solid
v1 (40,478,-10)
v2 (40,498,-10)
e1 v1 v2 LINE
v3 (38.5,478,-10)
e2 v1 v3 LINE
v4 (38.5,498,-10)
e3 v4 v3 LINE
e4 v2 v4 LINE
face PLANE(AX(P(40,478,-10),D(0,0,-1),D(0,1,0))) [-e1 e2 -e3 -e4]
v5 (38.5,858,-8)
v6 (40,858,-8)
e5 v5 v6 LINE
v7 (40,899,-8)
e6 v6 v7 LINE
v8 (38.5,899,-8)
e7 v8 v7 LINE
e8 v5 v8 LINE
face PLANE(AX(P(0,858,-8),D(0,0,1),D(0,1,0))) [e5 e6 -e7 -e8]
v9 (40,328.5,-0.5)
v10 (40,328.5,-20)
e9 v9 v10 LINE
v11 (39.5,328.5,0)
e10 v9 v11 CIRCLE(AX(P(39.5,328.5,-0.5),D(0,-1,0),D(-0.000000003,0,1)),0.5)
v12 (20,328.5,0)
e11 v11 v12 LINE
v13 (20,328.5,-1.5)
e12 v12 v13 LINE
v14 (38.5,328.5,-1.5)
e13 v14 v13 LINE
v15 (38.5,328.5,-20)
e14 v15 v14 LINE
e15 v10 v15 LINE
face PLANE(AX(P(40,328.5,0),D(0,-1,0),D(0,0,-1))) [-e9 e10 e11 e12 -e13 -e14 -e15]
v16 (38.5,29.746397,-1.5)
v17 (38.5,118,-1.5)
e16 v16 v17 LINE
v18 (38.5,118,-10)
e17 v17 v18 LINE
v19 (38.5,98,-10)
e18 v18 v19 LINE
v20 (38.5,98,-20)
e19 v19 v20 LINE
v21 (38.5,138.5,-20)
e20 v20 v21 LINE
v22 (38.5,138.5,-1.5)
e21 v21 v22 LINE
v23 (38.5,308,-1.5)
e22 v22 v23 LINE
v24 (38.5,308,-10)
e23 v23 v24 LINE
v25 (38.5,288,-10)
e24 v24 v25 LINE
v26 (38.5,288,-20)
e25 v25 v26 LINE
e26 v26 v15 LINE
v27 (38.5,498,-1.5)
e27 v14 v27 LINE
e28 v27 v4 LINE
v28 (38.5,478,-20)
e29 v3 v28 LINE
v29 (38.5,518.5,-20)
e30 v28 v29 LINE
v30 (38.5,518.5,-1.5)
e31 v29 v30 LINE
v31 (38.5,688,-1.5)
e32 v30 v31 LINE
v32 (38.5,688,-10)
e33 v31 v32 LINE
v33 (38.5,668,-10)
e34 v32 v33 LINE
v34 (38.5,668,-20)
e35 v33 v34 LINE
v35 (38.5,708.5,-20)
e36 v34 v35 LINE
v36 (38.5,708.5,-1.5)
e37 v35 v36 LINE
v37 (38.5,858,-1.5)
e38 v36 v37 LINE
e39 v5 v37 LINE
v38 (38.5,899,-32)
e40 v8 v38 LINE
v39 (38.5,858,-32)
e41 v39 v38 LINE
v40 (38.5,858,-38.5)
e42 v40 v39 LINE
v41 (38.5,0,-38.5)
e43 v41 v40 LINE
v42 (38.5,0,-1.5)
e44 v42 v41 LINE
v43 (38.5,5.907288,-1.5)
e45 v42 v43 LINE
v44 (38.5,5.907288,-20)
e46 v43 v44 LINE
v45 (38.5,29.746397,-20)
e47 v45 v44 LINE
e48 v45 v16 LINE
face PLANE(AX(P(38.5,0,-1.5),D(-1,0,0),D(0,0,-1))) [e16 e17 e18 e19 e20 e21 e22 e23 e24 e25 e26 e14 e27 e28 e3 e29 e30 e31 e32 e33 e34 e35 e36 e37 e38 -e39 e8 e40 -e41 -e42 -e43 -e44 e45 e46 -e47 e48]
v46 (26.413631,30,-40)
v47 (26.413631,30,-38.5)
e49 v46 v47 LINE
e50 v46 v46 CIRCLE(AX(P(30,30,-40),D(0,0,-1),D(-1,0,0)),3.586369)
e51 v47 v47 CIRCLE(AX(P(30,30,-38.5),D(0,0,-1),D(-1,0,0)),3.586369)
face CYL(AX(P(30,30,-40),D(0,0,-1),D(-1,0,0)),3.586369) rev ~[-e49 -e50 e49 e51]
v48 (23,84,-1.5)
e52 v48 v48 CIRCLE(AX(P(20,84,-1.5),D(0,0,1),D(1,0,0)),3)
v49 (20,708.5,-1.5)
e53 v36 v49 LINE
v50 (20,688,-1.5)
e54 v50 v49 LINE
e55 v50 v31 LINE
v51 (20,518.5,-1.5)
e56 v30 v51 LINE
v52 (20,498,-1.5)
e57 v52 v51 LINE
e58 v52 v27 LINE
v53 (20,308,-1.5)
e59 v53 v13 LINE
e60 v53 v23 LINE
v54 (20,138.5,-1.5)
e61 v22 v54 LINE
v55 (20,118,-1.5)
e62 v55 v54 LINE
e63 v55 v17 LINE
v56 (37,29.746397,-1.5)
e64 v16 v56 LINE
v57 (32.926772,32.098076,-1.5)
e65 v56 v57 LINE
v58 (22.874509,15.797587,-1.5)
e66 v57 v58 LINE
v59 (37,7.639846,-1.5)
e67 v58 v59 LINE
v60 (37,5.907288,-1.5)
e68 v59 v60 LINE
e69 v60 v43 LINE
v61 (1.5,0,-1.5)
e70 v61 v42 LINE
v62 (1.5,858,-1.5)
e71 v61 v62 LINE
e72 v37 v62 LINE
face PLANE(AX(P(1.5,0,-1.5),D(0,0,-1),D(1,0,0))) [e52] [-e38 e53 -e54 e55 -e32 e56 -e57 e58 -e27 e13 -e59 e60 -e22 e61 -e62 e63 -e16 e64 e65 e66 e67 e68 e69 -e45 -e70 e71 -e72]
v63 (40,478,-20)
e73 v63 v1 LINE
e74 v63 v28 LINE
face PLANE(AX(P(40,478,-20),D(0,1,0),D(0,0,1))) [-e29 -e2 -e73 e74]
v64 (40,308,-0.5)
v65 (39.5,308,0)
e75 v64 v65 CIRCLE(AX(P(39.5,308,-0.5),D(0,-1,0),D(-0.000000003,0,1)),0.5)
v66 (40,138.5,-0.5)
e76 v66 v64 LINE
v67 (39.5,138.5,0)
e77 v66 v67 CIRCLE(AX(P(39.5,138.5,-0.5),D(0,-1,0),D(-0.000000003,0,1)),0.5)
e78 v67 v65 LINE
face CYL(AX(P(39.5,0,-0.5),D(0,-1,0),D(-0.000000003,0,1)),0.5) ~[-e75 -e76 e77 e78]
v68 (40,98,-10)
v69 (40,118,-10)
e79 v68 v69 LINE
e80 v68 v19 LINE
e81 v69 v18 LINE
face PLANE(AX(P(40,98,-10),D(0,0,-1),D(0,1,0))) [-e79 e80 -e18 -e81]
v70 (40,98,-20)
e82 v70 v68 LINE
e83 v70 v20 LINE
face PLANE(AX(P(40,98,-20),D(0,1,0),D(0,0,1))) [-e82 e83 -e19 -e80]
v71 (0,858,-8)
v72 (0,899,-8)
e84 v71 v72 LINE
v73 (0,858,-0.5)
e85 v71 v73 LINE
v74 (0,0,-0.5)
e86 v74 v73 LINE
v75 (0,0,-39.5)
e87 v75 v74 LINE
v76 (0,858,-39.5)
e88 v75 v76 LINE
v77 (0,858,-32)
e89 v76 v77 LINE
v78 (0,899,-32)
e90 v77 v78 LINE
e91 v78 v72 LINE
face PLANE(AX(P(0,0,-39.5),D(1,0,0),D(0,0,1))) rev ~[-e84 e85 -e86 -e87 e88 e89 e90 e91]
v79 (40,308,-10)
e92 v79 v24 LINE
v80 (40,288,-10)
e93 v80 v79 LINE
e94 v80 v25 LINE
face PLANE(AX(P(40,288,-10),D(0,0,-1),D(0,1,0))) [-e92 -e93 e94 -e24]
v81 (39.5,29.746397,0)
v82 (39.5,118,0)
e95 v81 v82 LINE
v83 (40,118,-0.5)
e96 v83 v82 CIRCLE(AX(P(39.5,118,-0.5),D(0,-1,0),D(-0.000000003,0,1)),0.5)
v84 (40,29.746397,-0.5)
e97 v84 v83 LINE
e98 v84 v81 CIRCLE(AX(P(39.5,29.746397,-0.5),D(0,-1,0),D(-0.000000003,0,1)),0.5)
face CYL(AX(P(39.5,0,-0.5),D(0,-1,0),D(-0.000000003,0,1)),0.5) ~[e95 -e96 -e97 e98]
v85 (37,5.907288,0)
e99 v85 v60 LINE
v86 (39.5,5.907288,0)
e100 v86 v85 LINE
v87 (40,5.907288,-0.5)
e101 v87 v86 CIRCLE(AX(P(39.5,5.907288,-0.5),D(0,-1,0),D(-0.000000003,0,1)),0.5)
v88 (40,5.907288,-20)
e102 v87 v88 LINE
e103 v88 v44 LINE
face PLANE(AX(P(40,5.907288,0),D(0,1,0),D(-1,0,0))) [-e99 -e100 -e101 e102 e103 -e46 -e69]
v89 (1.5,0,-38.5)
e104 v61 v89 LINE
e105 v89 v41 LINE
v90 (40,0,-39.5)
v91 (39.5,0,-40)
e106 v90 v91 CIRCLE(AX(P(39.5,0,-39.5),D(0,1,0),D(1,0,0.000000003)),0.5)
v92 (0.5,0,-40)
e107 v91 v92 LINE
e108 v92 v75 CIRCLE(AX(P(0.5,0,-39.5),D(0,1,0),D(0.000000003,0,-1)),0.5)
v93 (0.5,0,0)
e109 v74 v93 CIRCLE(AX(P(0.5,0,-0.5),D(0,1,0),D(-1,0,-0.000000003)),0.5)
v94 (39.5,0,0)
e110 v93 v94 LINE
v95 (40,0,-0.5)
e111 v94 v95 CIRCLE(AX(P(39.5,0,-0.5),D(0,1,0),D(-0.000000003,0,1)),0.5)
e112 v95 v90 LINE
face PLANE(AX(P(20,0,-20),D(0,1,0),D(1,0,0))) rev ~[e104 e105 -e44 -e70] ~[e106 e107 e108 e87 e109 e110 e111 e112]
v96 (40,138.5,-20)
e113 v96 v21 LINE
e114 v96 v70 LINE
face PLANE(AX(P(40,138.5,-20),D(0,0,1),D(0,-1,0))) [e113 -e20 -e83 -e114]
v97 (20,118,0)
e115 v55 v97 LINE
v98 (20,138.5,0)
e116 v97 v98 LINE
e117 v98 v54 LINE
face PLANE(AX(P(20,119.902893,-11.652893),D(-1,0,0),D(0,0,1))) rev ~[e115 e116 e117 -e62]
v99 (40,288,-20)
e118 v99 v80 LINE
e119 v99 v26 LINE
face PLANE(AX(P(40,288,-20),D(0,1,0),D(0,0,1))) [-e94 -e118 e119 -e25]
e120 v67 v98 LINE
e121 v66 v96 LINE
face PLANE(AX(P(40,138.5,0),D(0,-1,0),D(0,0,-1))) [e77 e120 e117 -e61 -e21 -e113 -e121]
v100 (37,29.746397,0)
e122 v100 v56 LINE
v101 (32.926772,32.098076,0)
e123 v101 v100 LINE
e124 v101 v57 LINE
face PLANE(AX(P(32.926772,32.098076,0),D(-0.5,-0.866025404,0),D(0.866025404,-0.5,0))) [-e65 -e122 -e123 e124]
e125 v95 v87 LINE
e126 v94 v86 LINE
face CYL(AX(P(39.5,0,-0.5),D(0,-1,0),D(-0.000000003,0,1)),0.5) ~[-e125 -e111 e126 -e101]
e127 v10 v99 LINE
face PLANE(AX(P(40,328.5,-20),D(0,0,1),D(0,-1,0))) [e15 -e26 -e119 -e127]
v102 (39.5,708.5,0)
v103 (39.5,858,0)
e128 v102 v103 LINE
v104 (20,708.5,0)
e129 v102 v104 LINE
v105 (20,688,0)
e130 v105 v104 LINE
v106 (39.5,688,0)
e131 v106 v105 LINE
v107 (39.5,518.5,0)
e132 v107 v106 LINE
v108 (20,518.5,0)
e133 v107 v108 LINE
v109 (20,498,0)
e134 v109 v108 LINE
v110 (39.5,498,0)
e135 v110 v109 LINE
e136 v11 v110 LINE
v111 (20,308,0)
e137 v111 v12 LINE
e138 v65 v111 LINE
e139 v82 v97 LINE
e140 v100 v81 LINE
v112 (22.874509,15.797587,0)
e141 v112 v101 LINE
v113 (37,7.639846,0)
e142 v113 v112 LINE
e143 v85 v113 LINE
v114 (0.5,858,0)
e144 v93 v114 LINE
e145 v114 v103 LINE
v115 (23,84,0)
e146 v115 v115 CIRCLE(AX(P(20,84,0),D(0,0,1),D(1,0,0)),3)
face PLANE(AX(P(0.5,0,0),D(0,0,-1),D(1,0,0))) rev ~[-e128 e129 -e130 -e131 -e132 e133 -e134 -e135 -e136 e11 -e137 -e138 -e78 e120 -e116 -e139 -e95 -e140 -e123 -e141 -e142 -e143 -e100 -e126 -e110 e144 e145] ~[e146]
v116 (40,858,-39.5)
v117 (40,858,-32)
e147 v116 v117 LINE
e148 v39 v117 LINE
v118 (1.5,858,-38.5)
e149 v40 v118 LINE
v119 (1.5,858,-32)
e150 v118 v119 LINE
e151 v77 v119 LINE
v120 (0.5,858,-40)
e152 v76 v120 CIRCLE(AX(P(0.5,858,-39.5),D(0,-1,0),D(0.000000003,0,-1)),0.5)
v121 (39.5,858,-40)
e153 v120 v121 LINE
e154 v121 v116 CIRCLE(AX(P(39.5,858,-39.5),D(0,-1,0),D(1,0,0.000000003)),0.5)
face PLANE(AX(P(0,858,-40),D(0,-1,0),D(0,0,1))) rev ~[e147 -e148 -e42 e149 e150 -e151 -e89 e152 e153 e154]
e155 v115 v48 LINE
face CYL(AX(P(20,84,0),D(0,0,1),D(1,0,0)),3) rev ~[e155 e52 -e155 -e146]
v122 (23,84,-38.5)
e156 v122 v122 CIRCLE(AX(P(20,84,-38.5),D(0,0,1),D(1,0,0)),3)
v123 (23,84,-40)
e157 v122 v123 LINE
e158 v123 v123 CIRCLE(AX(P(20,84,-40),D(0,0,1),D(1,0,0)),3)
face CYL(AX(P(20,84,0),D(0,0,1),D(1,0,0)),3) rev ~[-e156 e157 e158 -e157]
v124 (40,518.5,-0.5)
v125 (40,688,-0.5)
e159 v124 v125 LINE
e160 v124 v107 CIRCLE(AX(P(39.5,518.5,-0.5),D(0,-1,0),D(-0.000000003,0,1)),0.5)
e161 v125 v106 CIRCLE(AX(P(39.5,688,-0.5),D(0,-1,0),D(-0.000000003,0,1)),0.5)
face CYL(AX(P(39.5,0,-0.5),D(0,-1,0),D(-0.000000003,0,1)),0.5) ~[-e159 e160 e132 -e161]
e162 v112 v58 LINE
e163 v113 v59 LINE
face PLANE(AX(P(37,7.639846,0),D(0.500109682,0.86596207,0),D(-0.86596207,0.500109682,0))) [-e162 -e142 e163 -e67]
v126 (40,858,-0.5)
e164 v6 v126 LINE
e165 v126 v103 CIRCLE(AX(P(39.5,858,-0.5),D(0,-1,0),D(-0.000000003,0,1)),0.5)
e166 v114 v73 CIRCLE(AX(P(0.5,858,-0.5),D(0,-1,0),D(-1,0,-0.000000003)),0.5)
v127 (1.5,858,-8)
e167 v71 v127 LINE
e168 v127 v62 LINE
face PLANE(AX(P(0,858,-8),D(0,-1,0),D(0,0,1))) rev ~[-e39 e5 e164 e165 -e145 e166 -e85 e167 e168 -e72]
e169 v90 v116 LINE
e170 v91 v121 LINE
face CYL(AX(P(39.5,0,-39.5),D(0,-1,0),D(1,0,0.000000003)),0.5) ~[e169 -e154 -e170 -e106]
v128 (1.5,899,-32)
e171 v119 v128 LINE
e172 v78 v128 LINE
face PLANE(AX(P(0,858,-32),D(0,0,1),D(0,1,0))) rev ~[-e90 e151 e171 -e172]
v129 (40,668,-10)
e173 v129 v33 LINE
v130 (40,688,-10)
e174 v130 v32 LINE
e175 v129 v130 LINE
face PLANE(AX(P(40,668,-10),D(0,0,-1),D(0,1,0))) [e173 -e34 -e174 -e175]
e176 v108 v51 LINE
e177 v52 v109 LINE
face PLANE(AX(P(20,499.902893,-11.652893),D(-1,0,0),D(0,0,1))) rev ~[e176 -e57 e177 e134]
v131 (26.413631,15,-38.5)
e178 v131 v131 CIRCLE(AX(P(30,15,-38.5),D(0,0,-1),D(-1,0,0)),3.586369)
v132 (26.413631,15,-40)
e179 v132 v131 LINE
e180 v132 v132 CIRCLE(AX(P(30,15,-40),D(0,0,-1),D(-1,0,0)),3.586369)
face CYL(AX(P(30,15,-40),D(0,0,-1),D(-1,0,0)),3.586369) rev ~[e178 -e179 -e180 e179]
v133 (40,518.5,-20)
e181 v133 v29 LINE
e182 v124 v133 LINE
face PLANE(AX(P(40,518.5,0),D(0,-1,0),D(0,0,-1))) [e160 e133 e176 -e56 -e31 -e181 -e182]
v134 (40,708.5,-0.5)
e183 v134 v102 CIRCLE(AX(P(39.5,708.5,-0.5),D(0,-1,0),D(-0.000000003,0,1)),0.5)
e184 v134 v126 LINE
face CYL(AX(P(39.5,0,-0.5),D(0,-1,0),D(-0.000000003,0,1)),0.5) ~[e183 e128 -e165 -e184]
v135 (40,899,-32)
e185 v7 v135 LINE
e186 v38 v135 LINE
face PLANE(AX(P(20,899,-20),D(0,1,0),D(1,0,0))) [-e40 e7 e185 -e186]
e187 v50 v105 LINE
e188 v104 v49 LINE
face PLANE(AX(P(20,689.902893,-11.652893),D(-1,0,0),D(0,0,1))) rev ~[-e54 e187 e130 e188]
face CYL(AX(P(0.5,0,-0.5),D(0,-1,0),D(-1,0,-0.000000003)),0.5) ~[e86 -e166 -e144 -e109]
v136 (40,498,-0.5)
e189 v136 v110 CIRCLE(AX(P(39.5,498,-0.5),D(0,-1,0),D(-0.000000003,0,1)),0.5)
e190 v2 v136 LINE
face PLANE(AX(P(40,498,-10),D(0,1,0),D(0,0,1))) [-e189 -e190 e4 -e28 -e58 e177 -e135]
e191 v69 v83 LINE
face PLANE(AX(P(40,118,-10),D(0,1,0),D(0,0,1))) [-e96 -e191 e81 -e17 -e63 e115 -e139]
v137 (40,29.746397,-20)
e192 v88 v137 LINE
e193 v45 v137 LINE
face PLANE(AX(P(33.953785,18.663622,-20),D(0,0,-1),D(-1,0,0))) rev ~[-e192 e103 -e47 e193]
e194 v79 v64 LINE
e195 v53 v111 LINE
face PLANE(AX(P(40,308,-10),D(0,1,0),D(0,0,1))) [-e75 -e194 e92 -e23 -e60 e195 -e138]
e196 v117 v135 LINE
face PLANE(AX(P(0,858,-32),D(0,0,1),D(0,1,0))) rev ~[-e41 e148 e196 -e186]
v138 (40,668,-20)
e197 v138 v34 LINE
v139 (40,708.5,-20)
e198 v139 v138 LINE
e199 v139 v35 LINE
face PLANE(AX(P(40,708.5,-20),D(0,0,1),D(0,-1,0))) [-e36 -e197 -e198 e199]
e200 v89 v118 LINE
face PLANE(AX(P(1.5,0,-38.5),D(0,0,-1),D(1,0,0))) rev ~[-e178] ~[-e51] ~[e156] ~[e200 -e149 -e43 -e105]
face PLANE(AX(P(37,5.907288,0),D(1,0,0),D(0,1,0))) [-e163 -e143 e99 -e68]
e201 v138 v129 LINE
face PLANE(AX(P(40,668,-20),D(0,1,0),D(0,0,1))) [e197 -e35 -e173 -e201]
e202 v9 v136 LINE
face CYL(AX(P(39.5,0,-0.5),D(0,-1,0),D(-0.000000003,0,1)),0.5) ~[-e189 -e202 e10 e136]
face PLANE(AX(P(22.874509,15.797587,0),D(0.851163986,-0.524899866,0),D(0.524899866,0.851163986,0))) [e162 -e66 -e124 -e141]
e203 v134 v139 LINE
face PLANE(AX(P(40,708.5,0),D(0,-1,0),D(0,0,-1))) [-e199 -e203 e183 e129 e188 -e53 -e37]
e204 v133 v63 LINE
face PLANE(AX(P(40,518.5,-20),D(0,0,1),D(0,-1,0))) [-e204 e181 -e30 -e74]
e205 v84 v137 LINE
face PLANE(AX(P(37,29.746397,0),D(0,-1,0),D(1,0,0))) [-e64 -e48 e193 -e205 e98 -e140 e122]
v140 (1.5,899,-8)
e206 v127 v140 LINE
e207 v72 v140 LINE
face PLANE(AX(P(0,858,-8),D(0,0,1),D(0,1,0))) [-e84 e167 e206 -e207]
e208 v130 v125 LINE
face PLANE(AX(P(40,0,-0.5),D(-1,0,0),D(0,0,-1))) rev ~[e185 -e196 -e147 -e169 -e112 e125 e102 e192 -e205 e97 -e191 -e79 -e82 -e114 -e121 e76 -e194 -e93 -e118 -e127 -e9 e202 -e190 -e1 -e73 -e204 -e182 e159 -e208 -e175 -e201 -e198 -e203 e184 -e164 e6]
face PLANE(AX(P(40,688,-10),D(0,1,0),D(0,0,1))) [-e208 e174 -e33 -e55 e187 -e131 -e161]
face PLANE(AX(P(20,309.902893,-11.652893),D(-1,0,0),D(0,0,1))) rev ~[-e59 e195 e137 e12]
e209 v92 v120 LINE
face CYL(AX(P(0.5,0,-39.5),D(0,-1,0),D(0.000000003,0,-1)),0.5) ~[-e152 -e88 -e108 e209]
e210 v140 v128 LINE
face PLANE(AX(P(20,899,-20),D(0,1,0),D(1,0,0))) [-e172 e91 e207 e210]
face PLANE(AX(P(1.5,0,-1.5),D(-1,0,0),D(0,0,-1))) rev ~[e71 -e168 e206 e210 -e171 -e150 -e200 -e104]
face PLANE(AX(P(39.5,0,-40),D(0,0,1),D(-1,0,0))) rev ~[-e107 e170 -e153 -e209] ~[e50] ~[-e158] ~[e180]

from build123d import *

# Parameters (mm, degrees)
SKETCH1_W           = 37
SKETCH1_H           = 37
BOSS_EXTRUDE1_DEPTH = 899
CUT_EXTRUDE2_DEPTH  = 20
SKETCH4_W           = 8
SKETCH4_H           = 41
CUT_EXTRUDE3_DEPTH  = 901.777997067
SKETCH5_R           = 3.58636949
CUT_EXTRUDE4_DEPTH  = 10
CUT_EXTRUDE5_DEPTH  = 20
SKETCH7_R           = 3
CUT_EXTRUDE6_DEPTH  = 901.777997067


with BuildPart() as part:
    # Sketch1 → Boss-Extrude1 (new body)
    with BuildSketch(Plane(origin=(0, 0, 0), x_dir=(1, 0, 0), z_dir=(0, 1, 0))):
        with BuildLine():
            Line((0.5, 0), (39.5, 0))
            ThreePointArc((39.5, 0), (39.853553391, 0.146446609), (40, 0.5))
            Line((40, 0.5), (40, 39.5))
            ThreePointArc((40, 39.5), (39.853553391, 39.853553391), (39.5, 40))
            Line((39.5, 40), (0.5, 40))
            ThreePointArc((0.5, 40), (0.146446609, 39.853553391), (0, 39.5))
            Line((0, 39.5), (0, 0.5))
            ThreePointArc((0, 0.5), (0.146446609, 0.146446609), (0.5, 0))
        make_face()
        with Locations((20, 20)):
            Rectangle(SKETCH1_W, SKETCH1_H, mode=Mode.SUBTRACT)
    extrude(amount=BOSS_EXTRUDE1_DEPTH)

    # Sketch3 → Cut-Extrude2 (cut)
    with BuildSketch(Plane.XY):
        Polygon((40, 5.907288086), (37, 5.907288086), (37, 7.639845548), (22.874509033, 15.797587142), (32.926772366, 32.098076211), (37, 29.74639714), (40, 29.74639714), (40, 28.014346333), align=None)
    extrude(amount=-CUT_EXTRUDE2_DEPTH, mode=Mode.SUBTRACT)

    # Sketch4 → Cut-Extrude3 (cut, through all)
    with BuildSketch(Plane.ZY):
        with Locations((-4, 878.5)):
            Rectangle(SKETCH4_W, SKETCH4_H)
        with Locations((-36, 878.5)):
            Rectangle(SKETCH4_W, SKETCH4_H)
    extrude(amount=-CUT_EXTRUDE3_DEPTH, mode=Mode.SUBTRACT)

    # Sketch5 → Cut-Extrude4 (cut)
    with BuildSketch(Plane(origin=(0, 0, -40), x_dir=(-1, 0, 0), z_dir=(0, 0, -1))):
        with Locations((-30, 30)):
            Circle(SKETCH5_R)
        with Locations((-30, 15)):
            Circle(SKETCH5_R)
    extrude(amount=-CUT_EXTRUDE4_DEPTH, mode=Mode.SUBTRACT)

    # Sketch6 → Cut-Extrude5 (cut)
    with BuildSketch(Plane(origin=(40, 0, 0), x_dir=(0, 0, -1), z_dir=(1, 0, 0))):
        Polygon((0, 708.5), (20, 708.5), (20, 668), (10, 668), (10, 688), (0, 688), align=None)
        Polygon((0, 518.5), (20, 518.5), (20, 478), (10, 478), (10, 498), (0, 498), align=None)
        Polygon((0, 328.5), (20, 328.5), (20, 288), (10, 288), (10, 308), (0, 308), align=None)
        Polygon((0, 138.5), (20, 138.5), (20, 98), (10, 98), (10, 118), (0, 118), align=None)
    extrude(amount=-CUT_EXTRUDE5_DEPTH, mode=Mode.SUBTRACT)

    # Sketch7 → Cut-Extrude6 (cut, through all)
    with BuildSketch(Plane.XY):
        with Locations((20, 84)):
            Circle(SKETCH7_R)
    extrude(amount=-CUT_EXTRUDE6_DEPTH, mode=Mode.SUBTRACT)


solid = part.part
